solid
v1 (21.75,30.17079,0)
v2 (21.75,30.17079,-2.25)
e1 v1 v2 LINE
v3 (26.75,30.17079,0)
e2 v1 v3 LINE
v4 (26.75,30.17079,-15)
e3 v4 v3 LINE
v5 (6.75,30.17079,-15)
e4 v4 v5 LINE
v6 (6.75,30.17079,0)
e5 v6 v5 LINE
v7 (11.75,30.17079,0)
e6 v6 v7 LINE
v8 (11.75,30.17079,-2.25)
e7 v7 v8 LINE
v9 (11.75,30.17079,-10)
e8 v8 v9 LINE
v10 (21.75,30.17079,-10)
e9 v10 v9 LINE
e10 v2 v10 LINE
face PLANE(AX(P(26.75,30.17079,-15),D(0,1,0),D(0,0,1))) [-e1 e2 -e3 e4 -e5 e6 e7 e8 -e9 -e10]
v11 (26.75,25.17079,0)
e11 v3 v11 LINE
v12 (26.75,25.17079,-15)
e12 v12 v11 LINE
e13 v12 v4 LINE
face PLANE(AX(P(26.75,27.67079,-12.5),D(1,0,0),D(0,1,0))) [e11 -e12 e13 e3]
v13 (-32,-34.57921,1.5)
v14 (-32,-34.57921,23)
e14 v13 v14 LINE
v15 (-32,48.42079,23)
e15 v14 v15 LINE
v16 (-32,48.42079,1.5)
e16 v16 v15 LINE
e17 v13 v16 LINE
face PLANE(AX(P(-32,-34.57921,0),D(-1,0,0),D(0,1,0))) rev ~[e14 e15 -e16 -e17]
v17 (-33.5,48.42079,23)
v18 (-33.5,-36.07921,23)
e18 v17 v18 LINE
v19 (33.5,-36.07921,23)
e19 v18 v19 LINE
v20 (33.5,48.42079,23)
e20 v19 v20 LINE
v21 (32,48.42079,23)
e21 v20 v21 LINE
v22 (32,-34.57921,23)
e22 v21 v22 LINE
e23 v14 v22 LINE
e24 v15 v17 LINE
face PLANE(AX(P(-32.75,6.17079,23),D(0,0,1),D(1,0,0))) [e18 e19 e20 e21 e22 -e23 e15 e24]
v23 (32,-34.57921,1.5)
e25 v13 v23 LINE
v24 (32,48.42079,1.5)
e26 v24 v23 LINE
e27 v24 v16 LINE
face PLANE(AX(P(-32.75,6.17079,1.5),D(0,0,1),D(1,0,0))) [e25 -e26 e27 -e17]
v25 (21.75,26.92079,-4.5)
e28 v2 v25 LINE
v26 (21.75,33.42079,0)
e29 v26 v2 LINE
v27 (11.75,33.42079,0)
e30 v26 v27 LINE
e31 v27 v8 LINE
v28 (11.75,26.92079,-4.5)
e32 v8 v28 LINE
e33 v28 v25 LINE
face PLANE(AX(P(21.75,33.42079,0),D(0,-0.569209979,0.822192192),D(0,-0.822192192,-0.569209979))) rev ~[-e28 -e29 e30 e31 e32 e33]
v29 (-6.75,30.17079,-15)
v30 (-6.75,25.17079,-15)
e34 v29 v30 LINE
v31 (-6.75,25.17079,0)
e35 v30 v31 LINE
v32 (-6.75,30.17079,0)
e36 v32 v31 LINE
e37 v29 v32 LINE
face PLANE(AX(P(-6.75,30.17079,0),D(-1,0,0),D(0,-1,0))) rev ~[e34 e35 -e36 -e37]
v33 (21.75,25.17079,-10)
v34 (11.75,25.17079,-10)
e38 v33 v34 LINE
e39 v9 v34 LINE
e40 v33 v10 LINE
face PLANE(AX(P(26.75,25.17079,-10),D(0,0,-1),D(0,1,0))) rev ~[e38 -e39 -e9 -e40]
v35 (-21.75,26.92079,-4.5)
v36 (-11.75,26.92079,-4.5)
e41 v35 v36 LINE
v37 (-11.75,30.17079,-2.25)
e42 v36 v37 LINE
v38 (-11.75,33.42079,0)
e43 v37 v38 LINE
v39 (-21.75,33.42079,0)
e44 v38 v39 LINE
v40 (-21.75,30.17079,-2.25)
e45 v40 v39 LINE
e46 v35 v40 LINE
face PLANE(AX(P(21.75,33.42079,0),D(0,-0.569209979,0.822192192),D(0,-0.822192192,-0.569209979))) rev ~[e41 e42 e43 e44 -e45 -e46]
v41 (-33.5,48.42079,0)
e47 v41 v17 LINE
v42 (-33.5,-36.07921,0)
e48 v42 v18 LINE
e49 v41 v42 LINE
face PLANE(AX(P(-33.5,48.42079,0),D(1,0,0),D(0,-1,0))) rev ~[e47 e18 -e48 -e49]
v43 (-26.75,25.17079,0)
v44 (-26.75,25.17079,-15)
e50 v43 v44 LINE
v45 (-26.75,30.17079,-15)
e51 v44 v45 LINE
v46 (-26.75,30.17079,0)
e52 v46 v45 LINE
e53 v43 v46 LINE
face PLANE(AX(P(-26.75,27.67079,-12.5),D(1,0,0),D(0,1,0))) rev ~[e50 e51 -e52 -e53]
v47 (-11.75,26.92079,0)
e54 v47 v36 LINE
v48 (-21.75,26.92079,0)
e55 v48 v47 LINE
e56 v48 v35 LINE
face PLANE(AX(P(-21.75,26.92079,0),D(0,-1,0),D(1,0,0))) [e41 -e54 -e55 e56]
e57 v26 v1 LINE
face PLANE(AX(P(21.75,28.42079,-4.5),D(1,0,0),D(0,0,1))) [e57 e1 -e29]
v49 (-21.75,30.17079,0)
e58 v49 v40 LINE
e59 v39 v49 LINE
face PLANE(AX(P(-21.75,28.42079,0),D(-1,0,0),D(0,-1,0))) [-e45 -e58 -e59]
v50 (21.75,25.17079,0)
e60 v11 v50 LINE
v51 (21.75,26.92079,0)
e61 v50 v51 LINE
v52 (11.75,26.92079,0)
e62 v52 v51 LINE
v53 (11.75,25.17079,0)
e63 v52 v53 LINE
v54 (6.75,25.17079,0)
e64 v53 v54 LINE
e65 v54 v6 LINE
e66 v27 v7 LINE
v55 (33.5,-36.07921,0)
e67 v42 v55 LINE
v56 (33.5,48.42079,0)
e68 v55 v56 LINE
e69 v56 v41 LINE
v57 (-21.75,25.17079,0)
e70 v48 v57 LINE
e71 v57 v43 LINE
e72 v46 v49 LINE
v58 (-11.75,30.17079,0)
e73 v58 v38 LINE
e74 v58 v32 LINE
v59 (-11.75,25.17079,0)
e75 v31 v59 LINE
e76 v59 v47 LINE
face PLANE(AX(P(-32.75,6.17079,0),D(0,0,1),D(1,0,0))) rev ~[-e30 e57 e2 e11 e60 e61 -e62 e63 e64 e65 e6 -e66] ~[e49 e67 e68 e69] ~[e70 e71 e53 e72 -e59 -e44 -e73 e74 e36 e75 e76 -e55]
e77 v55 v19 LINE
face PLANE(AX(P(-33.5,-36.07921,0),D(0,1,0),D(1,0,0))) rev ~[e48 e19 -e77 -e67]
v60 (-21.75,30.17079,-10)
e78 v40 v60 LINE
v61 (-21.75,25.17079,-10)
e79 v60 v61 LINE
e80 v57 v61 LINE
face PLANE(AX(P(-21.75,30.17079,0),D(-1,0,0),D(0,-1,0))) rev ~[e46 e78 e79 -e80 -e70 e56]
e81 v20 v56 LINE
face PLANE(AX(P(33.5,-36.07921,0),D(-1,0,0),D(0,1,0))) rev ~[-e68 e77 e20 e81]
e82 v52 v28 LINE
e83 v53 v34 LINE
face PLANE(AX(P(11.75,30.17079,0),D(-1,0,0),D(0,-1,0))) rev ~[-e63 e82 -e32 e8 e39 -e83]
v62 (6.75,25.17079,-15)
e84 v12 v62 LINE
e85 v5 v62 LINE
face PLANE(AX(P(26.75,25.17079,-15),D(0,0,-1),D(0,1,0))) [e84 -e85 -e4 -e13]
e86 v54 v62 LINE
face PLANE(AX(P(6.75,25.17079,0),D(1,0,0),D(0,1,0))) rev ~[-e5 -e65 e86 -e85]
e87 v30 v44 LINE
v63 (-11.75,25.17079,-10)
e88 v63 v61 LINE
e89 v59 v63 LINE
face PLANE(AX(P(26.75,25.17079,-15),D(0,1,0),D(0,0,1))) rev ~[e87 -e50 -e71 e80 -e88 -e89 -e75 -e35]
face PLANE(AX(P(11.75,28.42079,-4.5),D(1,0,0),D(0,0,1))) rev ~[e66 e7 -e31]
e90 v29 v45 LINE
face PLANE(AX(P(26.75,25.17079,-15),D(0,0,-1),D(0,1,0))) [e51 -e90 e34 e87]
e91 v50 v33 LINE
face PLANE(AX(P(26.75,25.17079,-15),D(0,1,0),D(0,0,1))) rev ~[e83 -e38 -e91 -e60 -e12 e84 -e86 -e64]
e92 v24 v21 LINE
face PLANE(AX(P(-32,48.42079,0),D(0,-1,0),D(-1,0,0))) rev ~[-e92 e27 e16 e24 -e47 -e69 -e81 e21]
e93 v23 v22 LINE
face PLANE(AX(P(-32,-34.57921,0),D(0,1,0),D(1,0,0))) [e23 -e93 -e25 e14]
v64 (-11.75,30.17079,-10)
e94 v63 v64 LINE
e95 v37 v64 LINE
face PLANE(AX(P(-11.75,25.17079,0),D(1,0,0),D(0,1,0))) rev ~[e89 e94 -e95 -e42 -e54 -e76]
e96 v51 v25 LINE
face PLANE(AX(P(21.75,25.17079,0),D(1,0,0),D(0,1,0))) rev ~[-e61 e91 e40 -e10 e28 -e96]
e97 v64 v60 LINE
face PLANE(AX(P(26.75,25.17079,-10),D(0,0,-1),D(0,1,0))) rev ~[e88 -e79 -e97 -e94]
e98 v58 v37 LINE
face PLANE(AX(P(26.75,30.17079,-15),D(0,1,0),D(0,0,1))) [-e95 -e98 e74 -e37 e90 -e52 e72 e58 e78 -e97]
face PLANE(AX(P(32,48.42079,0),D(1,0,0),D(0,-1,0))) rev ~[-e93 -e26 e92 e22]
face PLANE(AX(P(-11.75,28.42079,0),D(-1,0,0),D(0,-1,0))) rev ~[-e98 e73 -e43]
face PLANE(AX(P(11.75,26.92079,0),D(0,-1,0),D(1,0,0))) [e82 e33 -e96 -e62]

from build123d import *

# Parameters (mm, degrees)
F0_W      = 64
F0_H      = 1.5
F1_DEPTH  = 23
F0_H_2    = 83
F2_DEPTH  = 1.5
F5_W      = 10
F5_H      = 1.5
F6_DEPTH  = 4.5
F7_W      = 10
F7_H      = 4.5
F9_DEPTH  = 5
F11_DEPTH = 50
F12_DEPTH = 10
F13_W     = 5
F13_H     = 5
F14_DEPTH = 53.5
F15_W     = 13.5
F15_H     = 5
F16_DEPTH = 25


with BuildPart() as f1:
    # F0 (on Top) → F1 (new body)
    with BuildSketch(Plane.XY):
        Polygon((-32, 48.42079), (-33.5, 48.42079), (-33.5, -36.07921), (-32, -36.07921), (-32, -34.57921), align=None)
        with Locations((0, -35.32921)):
            Rectangle(F0_W, F0_H)
        Polygon((33.5, 48.42079), (32, 48.42079), (32, -34.57921), (32, -36.07921), (33.5, -36.07921), align=None)
    extrude(amount=F1_DEPTH)

    # F0 (on Top) → F2 (join)
    with BuildSketch(Plane.XY):
        Polygon((-32, 48.42079), (-33.5, 48.42079), (-33.5, -36.07921), (-32, -36.07921), (-32, -34.57921), align=None)
        with Locations((0, 6.92079)):
            Rectangle(F0_W, F0_H_2)
        Polygon((33.5, 48.42079), (32, 48.42079), (32, -34.57921), (32, -36.07921), (33.5, -36.07921), align=None)
        with Locations((0, -35.32921)):
            Rectangle(F0_W, F0_H)
    extrude(amount=F2_DEPTH)


with BuildPart() as f3_1:
    # F3: copy of F1
    add(f1.part)

    # F5 (on face) → F6 (join)
    with BuildSketch(Plane(origin=(0, 0, 0), x_dir=(1, 0, 0), z_dir=(0, 0, -1))):
        with Locations((16.75, -27.67079)):
            Rectangle(F5_W, F5_H)
        with Locations((-16.75, -27.67079)):
            Rectangle(F5_W, F5_H)
    extrude(amount=F6_DEPTH)

    # F7 (on face) → F9 (join)
    with BuildSketch(Plane(origin=(0, 28.42079, 0), x_dir=(-1, 0, 0), z_dir=(0, 1, 0))):
        with Locations((-16.75, -2.25)):
            Rectangle(F7_W, F7_H)
        with Locations((16.75, -2.25)):
            Rectangle(F7_W, F7_H)
    extrude(amount=F9_DEPTH)

    # F10 (on face) → F11 (cut)
    with BuildSketch(Plane.YZ.offset(21.75)):
        Polygon((33.42079, -4.5), (33.42079, 0), (26.92079, -4.5), align=None)
    extrude(amount=-F11_DEPTH, mode=Mode.SUBTRACT)

    # F8 (on face) → F12 (join)
    with BuildSketch(Plane(origin=(0, 0, 0), x_dir=(1, 0, 0), z_dir=(0, 0, -1))):
        Polygon((-21.75, -26.92079), (-21.75, -25.17079), (-26.75, -25.17079), (-26.75, -30.17079), (-21.75, -30.17079), (-21.75, -28.42079), align=None)
        Polygon((-11.75, -25.17079), (-11.75, -26.92079), (-11.75, -28.42079), (-11.75, -30.17079), (-6.75, -30.17079), (-6.75, -25.17079), align=None)
        Polygon((11.75, -25.17079), (6.75, -25.17079), (6.75, -30.17079), (11.75, -30.17079), (11.75, -28.42079), (11.75, -26.92079), align=None)
        Polygon((21.75, -25.17079), (21.75, -26.92079), (21.75, -28.42079), (21.75, -30.17079), (26.75, -30.17079), (26.75, -25.17079), align=None)
    extrude(amount=F12_DEPTH)

    # F13 (on face) → F14 (join)
    with BuildSketch(Plane.YZ.offset(26.75)):
        with Locations((27.67079, -12.5)):
            Rectangle(F13_W, F13_H)
    extrude(amount=-F14_DEPTH)

    # F15 (on face) → F16 (cut)
    with BuildSketch(Plane(origin=(0, 30.17079, 0), x_dir=(-1, 0, 0), z_dir=(0, 1, 0))):
        with Locations((0, -12.5)):
            Rectangle(F15_W, F15_H)
    extrude(amount=-F16_DEPTH, mode=Mode.SUBTRACT)


solid = f3_1.part
